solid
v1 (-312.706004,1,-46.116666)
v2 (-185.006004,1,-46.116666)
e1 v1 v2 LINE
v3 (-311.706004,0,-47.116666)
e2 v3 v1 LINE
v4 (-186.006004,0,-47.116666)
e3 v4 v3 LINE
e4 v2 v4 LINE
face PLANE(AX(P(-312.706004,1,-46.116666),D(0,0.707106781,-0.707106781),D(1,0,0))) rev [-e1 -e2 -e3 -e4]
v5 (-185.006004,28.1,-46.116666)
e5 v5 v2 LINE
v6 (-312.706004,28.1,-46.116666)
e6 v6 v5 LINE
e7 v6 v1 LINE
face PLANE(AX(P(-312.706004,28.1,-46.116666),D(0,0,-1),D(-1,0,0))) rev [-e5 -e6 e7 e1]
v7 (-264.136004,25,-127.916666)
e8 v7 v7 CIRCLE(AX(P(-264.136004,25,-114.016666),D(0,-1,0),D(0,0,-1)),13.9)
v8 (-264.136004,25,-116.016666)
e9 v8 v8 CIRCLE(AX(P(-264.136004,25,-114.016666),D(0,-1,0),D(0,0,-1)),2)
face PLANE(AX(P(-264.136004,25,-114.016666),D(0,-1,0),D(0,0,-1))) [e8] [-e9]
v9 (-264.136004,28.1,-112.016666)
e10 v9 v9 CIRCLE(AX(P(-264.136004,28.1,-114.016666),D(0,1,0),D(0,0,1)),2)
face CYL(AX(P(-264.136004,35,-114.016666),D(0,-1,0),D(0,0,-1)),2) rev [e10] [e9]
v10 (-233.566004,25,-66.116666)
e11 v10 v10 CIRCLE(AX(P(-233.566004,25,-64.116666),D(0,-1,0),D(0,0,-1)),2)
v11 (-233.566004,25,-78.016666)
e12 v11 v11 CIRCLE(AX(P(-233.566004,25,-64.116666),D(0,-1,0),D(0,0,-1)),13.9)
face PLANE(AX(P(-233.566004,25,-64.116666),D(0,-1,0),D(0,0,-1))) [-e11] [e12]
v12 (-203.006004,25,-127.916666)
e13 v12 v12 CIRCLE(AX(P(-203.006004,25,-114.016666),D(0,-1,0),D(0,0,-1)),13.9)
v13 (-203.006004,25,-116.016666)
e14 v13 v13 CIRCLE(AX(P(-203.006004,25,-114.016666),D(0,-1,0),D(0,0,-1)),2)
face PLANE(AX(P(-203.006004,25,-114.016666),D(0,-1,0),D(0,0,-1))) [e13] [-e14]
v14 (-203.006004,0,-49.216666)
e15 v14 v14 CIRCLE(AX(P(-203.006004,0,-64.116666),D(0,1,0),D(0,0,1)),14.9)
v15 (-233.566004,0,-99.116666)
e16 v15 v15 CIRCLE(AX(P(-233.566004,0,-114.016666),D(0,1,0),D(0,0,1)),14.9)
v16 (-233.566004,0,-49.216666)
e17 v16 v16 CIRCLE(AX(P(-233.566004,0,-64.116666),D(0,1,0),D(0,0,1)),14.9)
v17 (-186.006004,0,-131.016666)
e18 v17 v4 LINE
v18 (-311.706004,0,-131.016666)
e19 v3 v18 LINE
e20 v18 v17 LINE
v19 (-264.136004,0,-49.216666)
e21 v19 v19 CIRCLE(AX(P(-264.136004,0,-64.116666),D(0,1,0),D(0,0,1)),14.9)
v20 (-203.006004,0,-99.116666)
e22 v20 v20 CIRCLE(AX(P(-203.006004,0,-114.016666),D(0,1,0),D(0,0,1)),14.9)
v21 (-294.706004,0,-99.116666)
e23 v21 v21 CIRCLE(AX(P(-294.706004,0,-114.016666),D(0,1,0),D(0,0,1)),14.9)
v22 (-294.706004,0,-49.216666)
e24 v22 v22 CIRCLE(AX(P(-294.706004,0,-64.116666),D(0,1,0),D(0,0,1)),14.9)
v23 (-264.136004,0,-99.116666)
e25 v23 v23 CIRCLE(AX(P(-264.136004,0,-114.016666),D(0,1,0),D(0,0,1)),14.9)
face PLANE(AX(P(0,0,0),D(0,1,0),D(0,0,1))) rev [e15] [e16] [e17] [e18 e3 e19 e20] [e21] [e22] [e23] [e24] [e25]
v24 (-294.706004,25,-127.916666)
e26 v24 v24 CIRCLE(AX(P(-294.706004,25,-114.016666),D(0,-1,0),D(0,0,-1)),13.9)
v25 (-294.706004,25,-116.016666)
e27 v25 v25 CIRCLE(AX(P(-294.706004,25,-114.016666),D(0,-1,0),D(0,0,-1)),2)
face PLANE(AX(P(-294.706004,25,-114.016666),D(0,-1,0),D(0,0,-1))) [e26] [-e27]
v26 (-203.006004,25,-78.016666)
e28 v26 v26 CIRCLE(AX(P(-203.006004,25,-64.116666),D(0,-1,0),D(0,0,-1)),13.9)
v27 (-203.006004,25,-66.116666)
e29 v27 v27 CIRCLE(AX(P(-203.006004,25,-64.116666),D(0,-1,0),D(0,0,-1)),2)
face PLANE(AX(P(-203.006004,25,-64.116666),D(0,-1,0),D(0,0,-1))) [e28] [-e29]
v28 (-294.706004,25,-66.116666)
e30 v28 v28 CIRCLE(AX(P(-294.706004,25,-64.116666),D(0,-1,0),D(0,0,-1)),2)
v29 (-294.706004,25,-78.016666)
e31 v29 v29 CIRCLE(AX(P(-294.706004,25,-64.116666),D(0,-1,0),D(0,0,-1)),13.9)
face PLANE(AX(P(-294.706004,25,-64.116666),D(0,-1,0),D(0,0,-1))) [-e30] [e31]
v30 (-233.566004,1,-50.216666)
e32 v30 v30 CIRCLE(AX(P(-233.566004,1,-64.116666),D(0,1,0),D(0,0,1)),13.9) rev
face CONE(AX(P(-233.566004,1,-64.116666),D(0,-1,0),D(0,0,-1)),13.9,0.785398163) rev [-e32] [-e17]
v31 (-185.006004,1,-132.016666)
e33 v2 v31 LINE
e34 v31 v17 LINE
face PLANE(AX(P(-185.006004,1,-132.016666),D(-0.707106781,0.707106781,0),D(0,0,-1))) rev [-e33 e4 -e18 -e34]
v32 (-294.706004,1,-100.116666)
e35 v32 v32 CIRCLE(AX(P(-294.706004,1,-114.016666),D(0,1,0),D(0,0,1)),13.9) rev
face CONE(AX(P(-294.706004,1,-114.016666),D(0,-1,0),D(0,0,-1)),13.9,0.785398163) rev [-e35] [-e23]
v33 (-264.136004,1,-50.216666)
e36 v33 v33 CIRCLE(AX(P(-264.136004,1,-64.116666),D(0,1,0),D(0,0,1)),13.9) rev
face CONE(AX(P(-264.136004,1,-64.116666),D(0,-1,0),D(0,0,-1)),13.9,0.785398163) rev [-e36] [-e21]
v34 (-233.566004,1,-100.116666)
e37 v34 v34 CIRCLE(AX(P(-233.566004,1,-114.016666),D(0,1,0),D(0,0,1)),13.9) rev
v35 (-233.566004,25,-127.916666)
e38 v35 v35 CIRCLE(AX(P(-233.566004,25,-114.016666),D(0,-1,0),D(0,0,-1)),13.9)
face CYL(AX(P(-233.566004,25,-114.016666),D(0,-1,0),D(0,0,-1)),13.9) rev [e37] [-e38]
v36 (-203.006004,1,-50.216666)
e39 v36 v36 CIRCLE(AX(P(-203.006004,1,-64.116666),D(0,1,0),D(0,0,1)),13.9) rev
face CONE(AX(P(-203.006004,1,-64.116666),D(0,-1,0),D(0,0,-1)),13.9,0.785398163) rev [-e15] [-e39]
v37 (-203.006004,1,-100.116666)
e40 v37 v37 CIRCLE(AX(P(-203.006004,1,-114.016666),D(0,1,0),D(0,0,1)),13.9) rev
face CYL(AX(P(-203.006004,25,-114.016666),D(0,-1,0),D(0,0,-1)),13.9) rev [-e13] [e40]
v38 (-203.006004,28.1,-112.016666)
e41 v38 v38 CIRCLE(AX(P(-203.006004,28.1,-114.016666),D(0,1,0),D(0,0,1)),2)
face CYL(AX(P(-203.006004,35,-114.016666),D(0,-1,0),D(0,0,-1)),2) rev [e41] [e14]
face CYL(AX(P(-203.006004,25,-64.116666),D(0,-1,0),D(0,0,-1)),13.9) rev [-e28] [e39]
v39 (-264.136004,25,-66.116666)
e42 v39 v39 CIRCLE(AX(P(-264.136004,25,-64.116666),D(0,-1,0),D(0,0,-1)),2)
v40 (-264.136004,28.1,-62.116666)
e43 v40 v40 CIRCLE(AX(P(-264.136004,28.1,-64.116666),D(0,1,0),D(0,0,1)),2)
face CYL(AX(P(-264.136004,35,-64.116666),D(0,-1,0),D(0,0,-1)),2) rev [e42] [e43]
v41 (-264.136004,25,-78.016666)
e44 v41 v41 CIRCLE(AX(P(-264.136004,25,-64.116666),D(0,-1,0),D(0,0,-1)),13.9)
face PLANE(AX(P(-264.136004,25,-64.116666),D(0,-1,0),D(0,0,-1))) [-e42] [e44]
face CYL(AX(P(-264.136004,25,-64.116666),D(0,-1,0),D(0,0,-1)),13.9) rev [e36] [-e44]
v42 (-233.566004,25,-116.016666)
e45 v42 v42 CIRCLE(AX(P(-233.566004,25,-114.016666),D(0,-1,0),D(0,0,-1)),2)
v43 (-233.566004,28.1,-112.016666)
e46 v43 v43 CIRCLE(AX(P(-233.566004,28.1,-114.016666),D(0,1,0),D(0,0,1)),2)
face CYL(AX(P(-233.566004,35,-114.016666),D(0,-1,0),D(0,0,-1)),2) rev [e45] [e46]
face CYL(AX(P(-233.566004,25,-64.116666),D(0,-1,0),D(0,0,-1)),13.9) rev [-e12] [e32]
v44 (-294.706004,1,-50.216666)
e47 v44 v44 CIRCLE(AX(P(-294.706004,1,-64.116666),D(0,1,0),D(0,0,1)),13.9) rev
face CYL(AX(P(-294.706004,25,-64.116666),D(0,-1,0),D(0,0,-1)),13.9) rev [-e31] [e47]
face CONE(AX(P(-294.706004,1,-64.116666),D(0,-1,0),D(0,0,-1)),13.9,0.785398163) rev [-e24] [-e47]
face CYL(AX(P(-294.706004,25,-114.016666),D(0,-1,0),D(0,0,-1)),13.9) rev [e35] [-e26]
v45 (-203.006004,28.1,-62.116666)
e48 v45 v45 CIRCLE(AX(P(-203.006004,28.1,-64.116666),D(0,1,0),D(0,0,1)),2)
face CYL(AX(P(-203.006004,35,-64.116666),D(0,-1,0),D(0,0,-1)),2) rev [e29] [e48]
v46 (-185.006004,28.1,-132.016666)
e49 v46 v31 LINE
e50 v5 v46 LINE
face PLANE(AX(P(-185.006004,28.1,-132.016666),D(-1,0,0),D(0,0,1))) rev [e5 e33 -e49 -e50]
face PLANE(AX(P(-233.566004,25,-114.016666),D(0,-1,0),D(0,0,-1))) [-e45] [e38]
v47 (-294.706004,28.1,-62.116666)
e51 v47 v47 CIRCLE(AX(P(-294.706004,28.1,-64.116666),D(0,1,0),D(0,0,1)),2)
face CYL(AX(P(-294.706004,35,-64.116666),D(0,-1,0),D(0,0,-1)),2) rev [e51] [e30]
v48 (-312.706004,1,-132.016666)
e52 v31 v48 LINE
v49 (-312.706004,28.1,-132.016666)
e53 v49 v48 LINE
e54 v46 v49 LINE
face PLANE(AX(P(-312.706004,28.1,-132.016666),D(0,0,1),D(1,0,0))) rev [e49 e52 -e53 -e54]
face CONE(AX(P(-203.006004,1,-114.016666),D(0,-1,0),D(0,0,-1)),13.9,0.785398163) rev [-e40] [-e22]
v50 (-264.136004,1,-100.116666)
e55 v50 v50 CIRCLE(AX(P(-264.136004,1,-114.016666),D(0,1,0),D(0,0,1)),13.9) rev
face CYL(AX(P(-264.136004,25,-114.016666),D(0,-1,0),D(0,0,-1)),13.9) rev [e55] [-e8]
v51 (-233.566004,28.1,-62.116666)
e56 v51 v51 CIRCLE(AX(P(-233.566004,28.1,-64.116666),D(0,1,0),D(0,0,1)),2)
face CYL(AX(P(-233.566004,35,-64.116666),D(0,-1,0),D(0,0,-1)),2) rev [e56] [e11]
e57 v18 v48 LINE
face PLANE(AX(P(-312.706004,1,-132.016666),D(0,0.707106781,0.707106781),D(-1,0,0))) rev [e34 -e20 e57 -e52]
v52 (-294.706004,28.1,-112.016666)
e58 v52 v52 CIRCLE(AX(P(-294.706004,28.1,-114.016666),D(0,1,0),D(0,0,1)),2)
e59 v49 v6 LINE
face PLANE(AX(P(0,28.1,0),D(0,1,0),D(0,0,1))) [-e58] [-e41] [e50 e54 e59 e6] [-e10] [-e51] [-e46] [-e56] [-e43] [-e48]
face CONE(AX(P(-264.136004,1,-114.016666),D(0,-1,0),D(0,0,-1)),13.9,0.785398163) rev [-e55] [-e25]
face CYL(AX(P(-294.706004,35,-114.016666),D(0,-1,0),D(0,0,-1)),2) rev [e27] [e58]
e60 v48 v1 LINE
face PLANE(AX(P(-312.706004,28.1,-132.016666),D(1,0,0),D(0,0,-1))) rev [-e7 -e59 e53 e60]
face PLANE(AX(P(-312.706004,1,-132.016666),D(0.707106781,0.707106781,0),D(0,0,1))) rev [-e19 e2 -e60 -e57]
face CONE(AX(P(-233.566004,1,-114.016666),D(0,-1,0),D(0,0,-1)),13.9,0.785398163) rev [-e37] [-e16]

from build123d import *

# Parameters (mm, degrees)
SKETCH1_W           = 127.7
SKETCH1_H           = 85.9
BOSS_EXTRUDE1_DEPTH = 28.1
SKETCH2_R           = 13.9
CUT_EXTRUDE3_DEPTH  = 25
CHAMFER3_SIZE       = 1
CHAMFER4_SIZE       = 1
SKETCH3_R           = 13.9
CUT_EXTRUDE5_DEPTH  = 25
CHAMFER5_SIZE       = 1
CHAMFER6_SIZE       = 1
SKETCH5_R           = 2
CUT_EXTRUDE7_DEPTH  = 10


with BuildPart() as part:
    # Sketch1 → Boss-Extrude1 (new body)
    with BuildSketch(Plane(origin=(0, 0, 0), x_dir=(1, 0, 0), z_dir=(0, 1, 0))):
        with Locations((-248.856003869, 89.066665881)):
            Rectangle(SKETCH1_W, SKETCH1_H)
    extrude(amount=BOSS_EXTRUDE1_DEPTH)

    # Sketch2 → Cut-Extrude3 (cut)
    with BuildSketch(Plane(origin=(0, 0, 0), x_dir=(-1, 0, 0), z_dir=(0, -1, 0))):
        with Locations((294.706003869, 64.116665881)):
            Circle(SKETCH2_R)
        with Locations((264.136003869, 64.116665881)):
            Circle(SKETCH2_R)
        with Locations((233.566003869, 64.116665881)):
            Circle(SKETCH2_R)
        with Locations((203.006003869, 64.116665881)):
            Circle(SKETCH2_R)
    extrude(amount=-CUT_EXTRUDE3_DEPTH, mode=Mode.SUBTRACT)

    # Chamfer3
    chamfer3_edges = [part.edges().sort_by_distance(p)[0] for p in [
        (-250.236003869, 0, -64.116665881),
    ]]
    chamfer(chamfer3_edges, length=CHAMFER3_SIZE)

    # Chamfer4
    chamfer4_edges = [part.edges().sort_by_distance(p)[0] for p in [
        (-280.806003869, 0, -64.116665881),
        (-189.106003869, 0, -64.116665881),
        (-219.666003869, 0, -64.116665881),
    ]]
    chamfer(chamfer4_edges, length=CHAMFER4_SIZE)

    # Sketch3 → Cut-Extrude5 (cut)
    with BuildSketch(Plane.XZ):
        with Locations((-233.566003869, -114.016665881)):
            Circle(SKETCH3_R)
        with Locations((-264.136003869, -114.016665881)):
            Circle(SKETCH3_R)
        with Locations((-294.706003869, -114.016665881)):
            Circle(SKETCH3_R)
        with Locations((-203.006003869, -114.016665881)):
            Circle(SKETCH3_R)
    extrude(amount=-CUT_EXTRUDE5_DEPTH, mode=Mode.SUBTRACT)

    # Chamfer5
    chamfer5_edges = [part.edges().sort_by_distance(p)[0] for p in [
        (-308.606003869, 0, -114.016665881),
        (-278.036003869, 0, -114.016665881),
        (-216.906003869, 0, -114.016665881),
        (-247.466003869, 0, -114.016665881),
    ]]
    chamfer(chamfer5_edges, length=CHAMFER5_SIZE)

    # Chamfer6
    chamfer6_edges = [part.edges().sort_by_distance(p)[0] for p in [
        (-248.856003869, 0, -132.016665881),
        (-185.006003869, 0, -89.066665881),
        (-248.856003869, 0, -46.116665881),
        (-312.706003869, 0, -89.066665881),
    ]]
    chamfer(chamfer6_edges, length=CHAMFER6_SIZE)

    # Sketch5 → Cut-Extrude7 (cut)
    with BuildSketch(Plane(origin=(0, 25, 0), x_dir=(-1, 0, 0), z_dir=(0, -1, 0))):
        with Locations((294.706003869, 64.116665881)):
            Circle(SKETCH5_R)
        with Locations((264.136003869, 64.116665881)):
            Circle(SKETCH5_R)
        with Locations((233.566003869, 64.116665881)):
            Circle(SKETCH5_R)
        with Locations((203.006003869, 64.116665881)):
            Circle(SKETCH5_R)
        with Locations((294.706003869, 114.016665881)):
            Circle(SKETCH5_R)
        with Locations((264.136003869, 114.016665881)):
            Circle(SKETCH5_R)
        with Locations((233.566003869, 114.016665881)):
            Circle(SKETCH5_R)
        with Locations((203.006003869, 114.016665881)):
            Circle(SKETCH5_R)
    extrude(amount=-CUT_EXTRUDE7_DEPTH, mode=Mode.SUBTRACT)


solid = part.part
